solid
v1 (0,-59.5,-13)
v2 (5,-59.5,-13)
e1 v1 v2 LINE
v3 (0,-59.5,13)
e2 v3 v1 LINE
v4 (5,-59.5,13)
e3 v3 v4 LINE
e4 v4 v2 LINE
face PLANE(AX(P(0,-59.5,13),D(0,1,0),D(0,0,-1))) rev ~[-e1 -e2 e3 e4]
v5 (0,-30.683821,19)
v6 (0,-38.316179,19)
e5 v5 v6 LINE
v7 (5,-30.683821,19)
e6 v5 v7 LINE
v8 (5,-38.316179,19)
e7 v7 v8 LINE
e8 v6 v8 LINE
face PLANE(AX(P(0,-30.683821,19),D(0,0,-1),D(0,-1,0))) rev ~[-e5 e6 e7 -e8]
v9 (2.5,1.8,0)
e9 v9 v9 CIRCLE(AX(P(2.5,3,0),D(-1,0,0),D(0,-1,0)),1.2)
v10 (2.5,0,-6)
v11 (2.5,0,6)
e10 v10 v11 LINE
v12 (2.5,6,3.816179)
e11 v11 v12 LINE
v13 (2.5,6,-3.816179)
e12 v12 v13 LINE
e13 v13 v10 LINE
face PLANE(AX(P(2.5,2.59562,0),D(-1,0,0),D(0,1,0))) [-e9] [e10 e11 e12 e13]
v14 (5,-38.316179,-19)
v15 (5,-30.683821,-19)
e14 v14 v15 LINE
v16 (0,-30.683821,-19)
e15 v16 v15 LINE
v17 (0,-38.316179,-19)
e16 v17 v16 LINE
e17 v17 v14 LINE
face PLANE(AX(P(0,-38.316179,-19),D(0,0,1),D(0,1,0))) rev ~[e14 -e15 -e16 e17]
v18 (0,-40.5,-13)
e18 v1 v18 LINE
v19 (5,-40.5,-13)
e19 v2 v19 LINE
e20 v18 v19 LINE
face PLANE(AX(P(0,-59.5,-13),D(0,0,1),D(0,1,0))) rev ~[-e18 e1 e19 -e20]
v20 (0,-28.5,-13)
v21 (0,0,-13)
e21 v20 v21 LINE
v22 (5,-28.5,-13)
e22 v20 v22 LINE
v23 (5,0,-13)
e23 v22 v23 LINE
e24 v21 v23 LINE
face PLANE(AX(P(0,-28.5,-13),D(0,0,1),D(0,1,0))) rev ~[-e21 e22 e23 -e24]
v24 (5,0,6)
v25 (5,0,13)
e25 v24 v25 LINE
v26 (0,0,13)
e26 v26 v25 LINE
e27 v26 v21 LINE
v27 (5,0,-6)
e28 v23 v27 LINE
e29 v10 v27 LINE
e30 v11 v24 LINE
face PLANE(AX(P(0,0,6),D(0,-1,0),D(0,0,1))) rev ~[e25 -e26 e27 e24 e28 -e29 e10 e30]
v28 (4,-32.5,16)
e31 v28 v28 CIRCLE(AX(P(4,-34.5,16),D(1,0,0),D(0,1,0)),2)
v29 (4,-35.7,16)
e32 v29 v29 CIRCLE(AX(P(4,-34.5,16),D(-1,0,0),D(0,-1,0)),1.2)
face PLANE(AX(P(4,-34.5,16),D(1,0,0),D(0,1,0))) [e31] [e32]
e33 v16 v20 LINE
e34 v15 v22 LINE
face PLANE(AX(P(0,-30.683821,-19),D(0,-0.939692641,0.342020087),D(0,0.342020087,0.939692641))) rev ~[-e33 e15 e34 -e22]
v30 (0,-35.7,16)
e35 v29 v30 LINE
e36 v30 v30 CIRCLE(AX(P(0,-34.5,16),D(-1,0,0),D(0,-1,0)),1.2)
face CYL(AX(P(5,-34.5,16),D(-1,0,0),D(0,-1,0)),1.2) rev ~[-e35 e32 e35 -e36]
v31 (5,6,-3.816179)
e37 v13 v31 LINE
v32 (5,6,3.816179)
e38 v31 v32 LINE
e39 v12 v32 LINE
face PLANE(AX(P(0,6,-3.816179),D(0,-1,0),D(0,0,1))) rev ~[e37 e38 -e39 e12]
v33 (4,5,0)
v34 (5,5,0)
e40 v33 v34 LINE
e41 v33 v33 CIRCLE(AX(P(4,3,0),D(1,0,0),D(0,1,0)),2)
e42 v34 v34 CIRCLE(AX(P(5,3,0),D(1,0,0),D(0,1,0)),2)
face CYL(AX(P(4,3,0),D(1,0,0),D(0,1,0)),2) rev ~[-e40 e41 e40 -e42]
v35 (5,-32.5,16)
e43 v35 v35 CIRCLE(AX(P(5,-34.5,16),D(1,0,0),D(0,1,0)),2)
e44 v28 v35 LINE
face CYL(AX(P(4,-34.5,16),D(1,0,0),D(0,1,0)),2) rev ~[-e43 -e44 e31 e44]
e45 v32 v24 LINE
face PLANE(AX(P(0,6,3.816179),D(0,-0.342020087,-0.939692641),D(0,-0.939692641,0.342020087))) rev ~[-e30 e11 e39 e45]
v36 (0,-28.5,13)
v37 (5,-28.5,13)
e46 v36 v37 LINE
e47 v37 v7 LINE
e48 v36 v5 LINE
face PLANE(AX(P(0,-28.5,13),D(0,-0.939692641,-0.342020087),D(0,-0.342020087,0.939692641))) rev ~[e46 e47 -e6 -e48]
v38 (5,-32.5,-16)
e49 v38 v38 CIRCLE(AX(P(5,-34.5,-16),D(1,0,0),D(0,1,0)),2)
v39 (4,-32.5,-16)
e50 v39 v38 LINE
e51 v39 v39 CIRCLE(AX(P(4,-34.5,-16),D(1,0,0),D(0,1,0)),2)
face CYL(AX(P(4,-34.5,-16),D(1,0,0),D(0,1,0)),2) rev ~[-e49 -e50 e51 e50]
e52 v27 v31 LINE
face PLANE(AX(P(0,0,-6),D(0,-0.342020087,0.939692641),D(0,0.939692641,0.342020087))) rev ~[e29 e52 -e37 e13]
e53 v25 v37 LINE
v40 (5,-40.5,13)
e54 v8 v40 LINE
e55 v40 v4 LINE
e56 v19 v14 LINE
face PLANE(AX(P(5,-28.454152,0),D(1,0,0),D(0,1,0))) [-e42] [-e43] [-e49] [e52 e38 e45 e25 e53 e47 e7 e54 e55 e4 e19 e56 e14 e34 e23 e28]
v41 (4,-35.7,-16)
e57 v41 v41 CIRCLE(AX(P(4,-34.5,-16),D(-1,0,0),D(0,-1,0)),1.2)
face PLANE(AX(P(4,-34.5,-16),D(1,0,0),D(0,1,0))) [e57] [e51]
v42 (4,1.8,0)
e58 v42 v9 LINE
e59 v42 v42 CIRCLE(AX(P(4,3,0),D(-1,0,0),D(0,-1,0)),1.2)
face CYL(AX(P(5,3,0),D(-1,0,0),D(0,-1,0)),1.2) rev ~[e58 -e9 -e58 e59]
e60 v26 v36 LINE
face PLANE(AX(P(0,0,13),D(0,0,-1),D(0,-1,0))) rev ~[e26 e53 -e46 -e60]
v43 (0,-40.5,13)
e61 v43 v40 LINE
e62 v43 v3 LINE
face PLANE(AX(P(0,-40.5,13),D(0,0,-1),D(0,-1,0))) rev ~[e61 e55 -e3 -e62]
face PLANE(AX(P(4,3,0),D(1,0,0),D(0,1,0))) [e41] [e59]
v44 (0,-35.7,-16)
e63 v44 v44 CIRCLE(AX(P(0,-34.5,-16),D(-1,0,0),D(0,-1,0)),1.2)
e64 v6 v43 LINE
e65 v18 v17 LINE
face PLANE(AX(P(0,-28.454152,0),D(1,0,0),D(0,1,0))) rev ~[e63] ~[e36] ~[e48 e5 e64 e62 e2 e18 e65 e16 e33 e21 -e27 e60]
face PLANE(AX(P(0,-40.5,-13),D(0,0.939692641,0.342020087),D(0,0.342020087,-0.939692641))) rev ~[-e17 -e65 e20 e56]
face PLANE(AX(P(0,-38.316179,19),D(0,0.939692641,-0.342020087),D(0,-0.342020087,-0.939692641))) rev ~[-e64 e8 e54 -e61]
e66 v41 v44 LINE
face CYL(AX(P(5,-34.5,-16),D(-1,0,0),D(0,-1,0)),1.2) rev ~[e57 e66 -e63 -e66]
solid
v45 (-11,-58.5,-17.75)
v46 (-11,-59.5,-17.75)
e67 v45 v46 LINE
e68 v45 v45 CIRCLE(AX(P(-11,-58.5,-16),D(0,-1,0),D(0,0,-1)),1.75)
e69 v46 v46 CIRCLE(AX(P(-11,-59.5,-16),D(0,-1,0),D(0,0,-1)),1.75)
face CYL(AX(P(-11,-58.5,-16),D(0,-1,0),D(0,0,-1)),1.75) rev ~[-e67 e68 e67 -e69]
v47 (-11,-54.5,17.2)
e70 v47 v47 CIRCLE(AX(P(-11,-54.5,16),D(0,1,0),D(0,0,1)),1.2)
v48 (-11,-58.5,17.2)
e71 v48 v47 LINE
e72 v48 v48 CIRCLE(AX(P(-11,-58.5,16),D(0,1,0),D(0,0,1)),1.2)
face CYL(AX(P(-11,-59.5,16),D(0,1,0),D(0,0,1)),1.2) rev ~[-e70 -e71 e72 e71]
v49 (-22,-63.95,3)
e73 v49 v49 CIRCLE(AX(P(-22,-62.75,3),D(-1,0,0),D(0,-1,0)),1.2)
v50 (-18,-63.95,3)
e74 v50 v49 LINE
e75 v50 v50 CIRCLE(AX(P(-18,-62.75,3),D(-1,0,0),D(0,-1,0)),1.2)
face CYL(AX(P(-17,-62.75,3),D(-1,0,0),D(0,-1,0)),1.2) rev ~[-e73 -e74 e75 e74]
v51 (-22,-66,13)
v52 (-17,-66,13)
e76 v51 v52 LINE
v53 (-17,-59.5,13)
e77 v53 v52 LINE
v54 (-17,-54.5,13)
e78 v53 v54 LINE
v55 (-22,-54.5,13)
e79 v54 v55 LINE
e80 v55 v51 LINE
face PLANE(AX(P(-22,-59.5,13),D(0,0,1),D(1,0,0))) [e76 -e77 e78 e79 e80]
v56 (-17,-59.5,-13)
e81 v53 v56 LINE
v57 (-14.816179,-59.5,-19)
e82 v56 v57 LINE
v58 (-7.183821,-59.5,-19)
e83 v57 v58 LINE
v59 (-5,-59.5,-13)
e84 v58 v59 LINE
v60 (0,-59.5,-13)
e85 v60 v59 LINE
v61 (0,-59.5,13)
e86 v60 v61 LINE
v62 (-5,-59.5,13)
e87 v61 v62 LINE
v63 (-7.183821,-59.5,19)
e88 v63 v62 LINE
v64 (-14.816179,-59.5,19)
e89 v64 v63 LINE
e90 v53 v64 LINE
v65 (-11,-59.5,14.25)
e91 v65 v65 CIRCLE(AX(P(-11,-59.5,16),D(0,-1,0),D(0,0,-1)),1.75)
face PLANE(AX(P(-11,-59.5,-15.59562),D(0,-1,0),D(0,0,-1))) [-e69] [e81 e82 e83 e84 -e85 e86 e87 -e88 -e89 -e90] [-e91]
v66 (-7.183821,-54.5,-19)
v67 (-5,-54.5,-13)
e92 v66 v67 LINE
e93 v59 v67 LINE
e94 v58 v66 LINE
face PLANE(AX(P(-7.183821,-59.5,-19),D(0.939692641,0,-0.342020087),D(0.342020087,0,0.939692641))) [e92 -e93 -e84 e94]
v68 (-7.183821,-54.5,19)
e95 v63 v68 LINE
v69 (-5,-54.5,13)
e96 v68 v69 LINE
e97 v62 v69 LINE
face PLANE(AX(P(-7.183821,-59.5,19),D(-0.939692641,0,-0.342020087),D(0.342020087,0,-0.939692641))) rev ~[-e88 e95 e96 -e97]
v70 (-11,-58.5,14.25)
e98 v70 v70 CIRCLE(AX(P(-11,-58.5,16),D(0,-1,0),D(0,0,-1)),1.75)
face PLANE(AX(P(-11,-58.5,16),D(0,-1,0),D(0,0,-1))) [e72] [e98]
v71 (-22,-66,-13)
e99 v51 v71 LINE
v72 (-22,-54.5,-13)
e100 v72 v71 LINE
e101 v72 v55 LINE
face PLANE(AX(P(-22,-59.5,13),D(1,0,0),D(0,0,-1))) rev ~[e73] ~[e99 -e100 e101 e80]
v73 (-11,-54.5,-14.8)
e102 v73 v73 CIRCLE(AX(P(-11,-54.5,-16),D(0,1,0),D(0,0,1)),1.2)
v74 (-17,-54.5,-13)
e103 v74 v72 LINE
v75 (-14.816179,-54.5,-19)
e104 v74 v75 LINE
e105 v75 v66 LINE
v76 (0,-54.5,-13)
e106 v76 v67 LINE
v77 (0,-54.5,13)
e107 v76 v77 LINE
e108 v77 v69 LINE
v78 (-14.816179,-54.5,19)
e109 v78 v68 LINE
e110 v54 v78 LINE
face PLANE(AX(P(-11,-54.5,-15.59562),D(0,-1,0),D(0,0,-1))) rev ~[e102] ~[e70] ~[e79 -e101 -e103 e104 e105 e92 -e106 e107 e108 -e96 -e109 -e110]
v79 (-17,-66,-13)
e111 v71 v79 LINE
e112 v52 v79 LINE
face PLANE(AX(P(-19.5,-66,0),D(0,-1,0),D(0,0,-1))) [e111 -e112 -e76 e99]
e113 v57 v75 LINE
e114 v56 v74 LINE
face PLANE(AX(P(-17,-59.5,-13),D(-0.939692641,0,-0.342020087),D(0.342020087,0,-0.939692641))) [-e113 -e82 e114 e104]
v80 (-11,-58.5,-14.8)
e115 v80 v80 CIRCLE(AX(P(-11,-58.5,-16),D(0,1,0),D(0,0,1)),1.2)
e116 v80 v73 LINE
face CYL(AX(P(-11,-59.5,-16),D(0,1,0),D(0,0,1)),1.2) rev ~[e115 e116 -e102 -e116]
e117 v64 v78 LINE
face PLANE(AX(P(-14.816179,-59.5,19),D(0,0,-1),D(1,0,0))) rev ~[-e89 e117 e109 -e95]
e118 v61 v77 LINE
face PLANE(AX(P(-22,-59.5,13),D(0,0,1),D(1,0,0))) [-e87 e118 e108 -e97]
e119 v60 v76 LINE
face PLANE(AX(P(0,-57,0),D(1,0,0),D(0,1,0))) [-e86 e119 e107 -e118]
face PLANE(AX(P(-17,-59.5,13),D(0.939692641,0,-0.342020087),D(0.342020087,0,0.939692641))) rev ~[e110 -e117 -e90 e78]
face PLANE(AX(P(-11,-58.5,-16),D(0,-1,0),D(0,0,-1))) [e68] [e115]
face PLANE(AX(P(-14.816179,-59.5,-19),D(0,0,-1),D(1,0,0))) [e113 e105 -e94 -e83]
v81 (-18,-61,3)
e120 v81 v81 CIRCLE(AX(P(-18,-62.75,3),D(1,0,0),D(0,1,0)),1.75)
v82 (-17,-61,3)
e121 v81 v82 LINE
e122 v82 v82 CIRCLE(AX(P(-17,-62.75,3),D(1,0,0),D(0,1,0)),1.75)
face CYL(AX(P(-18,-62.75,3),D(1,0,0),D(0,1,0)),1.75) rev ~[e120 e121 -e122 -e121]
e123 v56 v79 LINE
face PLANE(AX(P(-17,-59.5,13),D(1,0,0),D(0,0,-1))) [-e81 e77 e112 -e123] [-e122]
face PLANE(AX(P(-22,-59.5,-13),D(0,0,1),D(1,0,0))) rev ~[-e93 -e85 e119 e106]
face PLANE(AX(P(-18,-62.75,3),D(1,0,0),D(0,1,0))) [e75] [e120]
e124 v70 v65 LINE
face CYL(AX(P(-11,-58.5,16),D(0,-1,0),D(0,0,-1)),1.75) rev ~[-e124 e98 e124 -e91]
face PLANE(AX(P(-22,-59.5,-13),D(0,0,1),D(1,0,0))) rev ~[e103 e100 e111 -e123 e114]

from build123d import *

# Parameters (mm, degrees)
PAD_DEPTH           = 5
HOLE_D              = 2.4
HOLE_DEPTH          = 25
HOLE_CBORE_D        = 4
HOLE_CBORE_DEPTH    = 1
POCKET_DEPTH        = 2.5
SKETCH036_W         = 5
SKETCH036_H         = 26
PAD001_DEPTH        = 22
SKETCH037_W         = 26
SKETCH037_H         = 5
PAD002_DEPTH        = 6.5
HOLE001_D           = 2.4
HOLE001_DEPTH       = 25
HOLE001_CBORE_D     = 3.5
HOLE001_CBORE_DEPTH = 1
PAD003_DEPTH        = 5
HOLE002_D           = 2.4
HOLE002_DEPTH       = 25
HOLE002_CBORE_D     = 3.5
HOLE002_CBORE_DEPTH = 1


with BuildPart() as ch001:
    # Sketch → Pad (new body)
    with BuildSketch(Plane.YZ):
        Polygon((-59.5, 13), (-59.5, -13), (-40.5, -13), (-38.316179, -19), (-30.683821, -19), (-28.5, -13), (0, -13), (0, -6), (6, -3.816179), (6, 3.816179), (0, 6), (0, 13), (-28.5, 13), (-30.683821, 19), (-38.316179, 19), (-40.5, 13), align=None)
    extrude(amount=PAD_DEPTH)

    # Hole
    with Locations(Plane.YZ.offset(5)):
        with Locations((-34.5, 16), (-34.5, -16), (3, 0)):
            CounterBoreHole(HOLE_D / 2, HOLE_CBORE_D / 2, HOLE_CBORE_DEPTH, depth=HOLE_DEPTH)

    # Sketch035 (on Face4 of Hole) → Pocket (cut)
    with BuildSketch(Plane(origin=(0, 0, 0), x_dir=(0, 1, 0), z_dir=(-1, 0, 0))):
        Polygon((0, 6), (0, -6), (6, -3.816179), (6, 3.816179), align=None)
    extrude(amount=-POCKET_DEPTH, mode=Mode.SUBTRACT)


with BuildPart() as ch002:
    # Sketch036 → Pad001 (new body)
    with BuildSketch(Plane.YZ):
        with Locations((-57, 0)):
            Rectangle(SKETCH036_W, SKETCH036_H)
    extrude(amount=-PAD001_DEPTH)

    # Sketch037 (on Face1 of Pad001) → Pad002 (join)
    with BuildSketch(Plane(origin=(0, -59.5, 0), x_dir=(0, 0, -1), z_dir=(0, -1, 0))):
        with Locations((0, -19.5)):
            Rectangle(SKETCH037_W, SKETCH037_H)
    extrude(amount=PAD002_DEPTH)

    # Hole001
    with Locations(Plane.YZ.offset(-17)):
        with Locations((-62.75, 3)):
            CounterBoreHole(HOLE001_D / 2, HOLE001_CBORE_D / 2, HOLE001_CBORE_DEPTH, depth=HOLE001_DEPTH)

    # Sketch040 (on Face1 of Pad001) → Pad003 (join)
    with BuildSketch(Plane(origin=(0, -59.5, 0), x_dir=(0, 0, -1), z_dir=(0, -1, 0))):
        Polygon((13, -17), (19, -14.816179), (19, -7.183821), (13, -5), align=None)
        Polygon((-13, -17), (-19, -14.816179), (-19, -7.183821), (-13, -5), align=None)
    extrude(amount=-PAD003_DEPTH)

    # Hole002
    with Locations(Plane(origin=(0, -59.5, 0), x_dir=(0, 0, -1), z_dir=(0, -1, 0))):
        with Locations((16, -11), (-16, -11)):
            CounterBoreHole(HOLE002_D / 2, HOLE002_CBORE_D / 2, HOLE002_CBORE_DEPTH, depth=HOLE002_DEPTH)


solid = Compound([ch001.part, ch002.part])
